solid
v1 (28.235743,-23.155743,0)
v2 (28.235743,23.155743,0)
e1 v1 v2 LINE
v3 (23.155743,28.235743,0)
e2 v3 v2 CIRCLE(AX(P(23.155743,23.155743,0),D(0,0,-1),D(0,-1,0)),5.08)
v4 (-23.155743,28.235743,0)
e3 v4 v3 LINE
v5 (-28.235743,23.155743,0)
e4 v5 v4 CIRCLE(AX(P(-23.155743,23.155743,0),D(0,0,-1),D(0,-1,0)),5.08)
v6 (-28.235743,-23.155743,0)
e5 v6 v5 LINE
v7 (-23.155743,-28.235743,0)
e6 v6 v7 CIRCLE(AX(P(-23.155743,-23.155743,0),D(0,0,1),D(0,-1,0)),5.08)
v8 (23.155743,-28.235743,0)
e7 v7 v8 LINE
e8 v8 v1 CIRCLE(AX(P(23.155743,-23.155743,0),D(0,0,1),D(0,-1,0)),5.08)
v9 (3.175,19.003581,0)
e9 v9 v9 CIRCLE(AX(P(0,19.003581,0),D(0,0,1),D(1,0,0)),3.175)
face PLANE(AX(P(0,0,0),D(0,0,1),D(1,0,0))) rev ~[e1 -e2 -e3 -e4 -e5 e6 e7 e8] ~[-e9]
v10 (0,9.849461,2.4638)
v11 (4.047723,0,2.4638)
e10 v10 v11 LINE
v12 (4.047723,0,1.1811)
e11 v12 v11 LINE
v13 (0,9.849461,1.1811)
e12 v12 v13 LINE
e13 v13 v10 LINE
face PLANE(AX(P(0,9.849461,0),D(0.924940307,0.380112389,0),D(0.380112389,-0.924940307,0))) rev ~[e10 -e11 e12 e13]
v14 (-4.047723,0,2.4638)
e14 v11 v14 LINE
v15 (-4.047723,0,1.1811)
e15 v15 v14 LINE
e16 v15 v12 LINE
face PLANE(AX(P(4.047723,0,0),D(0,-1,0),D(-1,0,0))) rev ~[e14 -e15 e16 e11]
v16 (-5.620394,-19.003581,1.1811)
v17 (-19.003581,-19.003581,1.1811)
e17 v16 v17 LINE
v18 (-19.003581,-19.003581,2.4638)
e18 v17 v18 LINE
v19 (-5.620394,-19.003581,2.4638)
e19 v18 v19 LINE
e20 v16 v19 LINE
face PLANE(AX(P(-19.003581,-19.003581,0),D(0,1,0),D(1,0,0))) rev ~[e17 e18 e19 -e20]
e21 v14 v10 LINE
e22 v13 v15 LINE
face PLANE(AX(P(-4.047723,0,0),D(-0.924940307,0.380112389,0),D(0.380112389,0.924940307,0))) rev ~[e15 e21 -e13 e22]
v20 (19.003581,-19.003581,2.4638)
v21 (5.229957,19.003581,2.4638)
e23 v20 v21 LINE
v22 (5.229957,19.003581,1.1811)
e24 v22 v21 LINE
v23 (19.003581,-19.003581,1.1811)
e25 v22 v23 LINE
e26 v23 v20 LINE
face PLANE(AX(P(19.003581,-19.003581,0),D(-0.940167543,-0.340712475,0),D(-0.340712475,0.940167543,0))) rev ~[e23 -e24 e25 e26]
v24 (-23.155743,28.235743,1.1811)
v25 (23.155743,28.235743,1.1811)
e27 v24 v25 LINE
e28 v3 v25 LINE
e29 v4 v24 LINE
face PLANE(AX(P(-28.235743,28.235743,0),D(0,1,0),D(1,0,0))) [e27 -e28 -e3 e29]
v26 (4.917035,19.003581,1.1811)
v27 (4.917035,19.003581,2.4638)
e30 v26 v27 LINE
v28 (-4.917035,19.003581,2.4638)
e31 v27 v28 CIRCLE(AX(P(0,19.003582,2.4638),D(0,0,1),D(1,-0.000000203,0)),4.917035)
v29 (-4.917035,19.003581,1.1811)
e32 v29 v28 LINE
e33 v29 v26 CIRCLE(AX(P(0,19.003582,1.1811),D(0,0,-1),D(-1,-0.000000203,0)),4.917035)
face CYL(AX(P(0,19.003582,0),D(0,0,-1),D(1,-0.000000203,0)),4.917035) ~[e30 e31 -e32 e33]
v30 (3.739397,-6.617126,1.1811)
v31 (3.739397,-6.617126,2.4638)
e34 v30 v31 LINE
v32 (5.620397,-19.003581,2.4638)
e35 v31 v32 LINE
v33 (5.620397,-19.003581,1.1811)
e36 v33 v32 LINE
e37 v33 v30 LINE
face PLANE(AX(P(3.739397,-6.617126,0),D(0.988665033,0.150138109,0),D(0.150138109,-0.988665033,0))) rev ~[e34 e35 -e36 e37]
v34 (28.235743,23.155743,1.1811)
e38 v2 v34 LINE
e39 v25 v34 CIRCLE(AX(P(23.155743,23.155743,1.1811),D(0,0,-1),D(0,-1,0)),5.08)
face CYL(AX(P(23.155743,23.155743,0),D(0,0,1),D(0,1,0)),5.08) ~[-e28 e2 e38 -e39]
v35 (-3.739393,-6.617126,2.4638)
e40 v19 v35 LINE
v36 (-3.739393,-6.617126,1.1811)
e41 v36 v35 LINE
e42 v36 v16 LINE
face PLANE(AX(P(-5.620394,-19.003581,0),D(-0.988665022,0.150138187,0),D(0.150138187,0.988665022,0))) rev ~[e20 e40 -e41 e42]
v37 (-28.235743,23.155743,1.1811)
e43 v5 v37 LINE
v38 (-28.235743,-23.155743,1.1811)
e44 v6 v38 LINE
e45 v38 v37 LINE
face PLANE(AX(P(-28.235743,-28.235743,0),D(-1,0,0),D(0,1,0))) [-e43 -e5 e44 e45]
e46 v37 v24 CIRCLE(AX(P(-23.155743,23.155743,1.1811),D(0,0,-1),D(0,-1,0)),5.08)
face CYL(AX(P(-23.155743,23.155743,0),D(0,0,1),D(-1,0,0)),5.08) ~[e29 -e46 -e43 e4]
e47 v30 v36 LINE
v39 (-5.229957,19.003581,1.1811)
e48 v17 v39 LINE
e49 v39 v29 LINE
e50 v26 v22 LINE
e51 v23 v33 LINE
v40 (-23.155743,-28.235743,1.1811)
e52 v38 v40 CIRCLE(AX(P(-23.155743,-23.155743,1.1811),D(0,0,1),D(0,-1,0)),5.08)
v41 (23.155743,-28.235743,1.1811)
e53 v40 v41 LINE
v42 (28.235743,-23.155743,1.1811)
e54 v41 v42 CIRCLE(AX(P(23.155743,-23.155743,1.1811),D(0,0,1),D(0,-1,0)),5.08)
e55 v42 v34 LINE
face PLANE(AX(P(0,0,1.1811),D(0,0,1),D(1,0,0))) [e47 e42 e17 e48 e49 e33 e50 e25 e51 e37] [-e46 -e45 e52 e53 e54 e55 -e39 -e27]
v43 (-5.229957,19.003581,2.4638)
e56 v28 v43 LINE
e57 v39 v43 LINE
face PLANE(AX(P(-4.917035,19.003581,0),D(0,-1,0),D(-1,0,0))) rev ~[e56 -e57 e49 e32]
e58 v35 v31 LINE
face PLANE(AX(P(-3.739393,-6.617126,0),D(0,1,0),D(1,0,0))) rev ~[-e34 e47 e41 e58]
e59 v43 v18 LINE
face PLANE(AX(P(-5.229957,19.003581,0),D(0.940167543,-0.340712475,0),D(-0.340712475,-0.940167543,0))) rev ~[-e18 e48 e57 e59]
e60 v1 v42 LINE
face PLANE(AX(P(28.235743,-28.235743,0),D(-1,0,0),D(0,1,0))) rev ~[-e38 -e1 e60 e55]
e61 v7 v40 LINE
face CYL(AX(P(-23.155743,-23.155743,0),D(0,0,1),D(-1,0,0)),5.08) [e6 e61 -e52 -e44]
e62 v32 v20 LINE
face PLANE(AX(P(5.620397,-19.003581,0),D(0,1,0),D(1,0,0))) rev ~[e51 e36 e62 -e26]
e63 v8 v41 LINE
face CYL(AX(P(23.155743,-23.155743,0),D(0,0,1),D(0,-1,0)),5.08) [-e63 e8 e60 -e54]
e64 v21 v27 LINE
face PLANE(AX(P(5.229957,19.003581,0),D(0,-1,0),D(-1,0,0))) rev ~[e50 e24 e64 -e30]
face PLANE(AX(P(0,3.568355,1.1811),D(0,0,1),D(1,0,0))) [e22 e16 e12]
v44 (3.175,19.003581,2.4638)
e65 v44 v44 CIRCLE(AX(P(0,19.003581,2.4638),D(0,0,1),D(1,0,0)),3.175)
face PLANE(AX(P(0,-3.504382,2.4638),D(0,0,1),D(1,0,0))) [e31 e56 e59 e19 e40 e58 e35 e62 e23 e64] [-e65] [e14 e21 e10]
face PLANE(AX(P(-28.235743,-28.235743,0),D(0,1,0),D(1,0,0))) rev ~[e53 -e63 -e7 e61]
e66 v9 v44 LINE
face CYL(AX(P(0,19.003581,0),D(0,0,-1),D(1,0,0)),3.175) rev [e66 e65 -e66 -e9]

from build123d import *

# Parameters (mm, degrees)
F0_W     = 56.471486
F0_H     = 56.471486
F1_DEPTH = 1.1811
F0_R     = 3.175
F2_DEPTH = 2.4638
F3_R     = 5.08


with BuildPart() as f1:
    # F0 (on Top) → F1 (new body)
    with BuildSketch(Plane.XY):
        Rectangle(F0_W, F0_H)
        with BuildLine():
            Line((4.917035, 19.003581), (5.229957, 19.003581))
            Line((5.229957, 19.003581), (19.003581, -19.003581))
            Line((19.003581, -19.003581), (5.620397, -19.003581))
            Line((5.620397, -19.003581), (3.739397, -6.617126))
            Line((3.739397, -6.617126), (-3.739393, -6.617126))
            Line((-3.739393, -6.617126), (-5.620394, -19.003581))
            Line((-5.620394, -19.003581), (-19.003581, -19.003581))
            Line((-19.003581, -19.003581), (-5.229957, 19.003581))
            Line((-5.229957, 19.003581), (-4.917035, 19.003581))
            ThreePointArc((-4.917035, 19.003581), (0, 23.920617), (4.917035, 19.003581))
        make_face(mode=Mode.SUBTRACT)
        Polygon((0, 9.849461), (-4.047723, 0), (4.047723, 0), align=None)
    extrude(amount=F1_DEPTH)

    # F0 (on Top) → F2 (join)
    with BuildSketch(Plane.XY):
        with BuildLine():
            Line((19.003581, -19.003581), (5.229957, 19.003581))
            Line((5.229957, 19.003581), (4.917035, 19.003581))
            ThreePointArc((4.917035, 19.003581), (0, 23.920617), (-4.917035, 19.003581))
            Line((-4.917035, 19.003581), (-5.229957, 19.003581))
            Line((-5.229957, 19.003581), (-19.003581, -19.003581))
            Line((-19.003581, -19.003581), (-5.620394, -19.003581))
            Line((-5.620394, -19.003581), (-3.739393, -6.617126))
            Line((-3.739393, -6.617126), (3.739397, -6.617126))
            Line((3.739397, -6.617126), (5.620397, -19.003581))
            Line((5.620397, -19.003581), (19.003581, -19.003581))
        make_face()
        Polygon((4.047723, 0), (-4.047723, 0), (0, 9.849461), align=None, mode=Mode.SUBTRACT)
        with Locations((0, 19.003581)):
            Circle(F0_R, mode=Mode.SUBTRACT)
    extrude(amount=F2_DEPTH)

    # F3
    f3_edges = [f1.edges().sort_by_distance(p)[0] for p in [
        (28.235743, 28.235743, 0.59055),
        (-28.235743, 28.235743, 0.59055),
        (-28.235743, -28.235743, 0.59055),
        (28.235743, -28.235743, 0.59055),
    ]]
    fillet(f3_edges, radius=F3_R)


solid = f1.part
